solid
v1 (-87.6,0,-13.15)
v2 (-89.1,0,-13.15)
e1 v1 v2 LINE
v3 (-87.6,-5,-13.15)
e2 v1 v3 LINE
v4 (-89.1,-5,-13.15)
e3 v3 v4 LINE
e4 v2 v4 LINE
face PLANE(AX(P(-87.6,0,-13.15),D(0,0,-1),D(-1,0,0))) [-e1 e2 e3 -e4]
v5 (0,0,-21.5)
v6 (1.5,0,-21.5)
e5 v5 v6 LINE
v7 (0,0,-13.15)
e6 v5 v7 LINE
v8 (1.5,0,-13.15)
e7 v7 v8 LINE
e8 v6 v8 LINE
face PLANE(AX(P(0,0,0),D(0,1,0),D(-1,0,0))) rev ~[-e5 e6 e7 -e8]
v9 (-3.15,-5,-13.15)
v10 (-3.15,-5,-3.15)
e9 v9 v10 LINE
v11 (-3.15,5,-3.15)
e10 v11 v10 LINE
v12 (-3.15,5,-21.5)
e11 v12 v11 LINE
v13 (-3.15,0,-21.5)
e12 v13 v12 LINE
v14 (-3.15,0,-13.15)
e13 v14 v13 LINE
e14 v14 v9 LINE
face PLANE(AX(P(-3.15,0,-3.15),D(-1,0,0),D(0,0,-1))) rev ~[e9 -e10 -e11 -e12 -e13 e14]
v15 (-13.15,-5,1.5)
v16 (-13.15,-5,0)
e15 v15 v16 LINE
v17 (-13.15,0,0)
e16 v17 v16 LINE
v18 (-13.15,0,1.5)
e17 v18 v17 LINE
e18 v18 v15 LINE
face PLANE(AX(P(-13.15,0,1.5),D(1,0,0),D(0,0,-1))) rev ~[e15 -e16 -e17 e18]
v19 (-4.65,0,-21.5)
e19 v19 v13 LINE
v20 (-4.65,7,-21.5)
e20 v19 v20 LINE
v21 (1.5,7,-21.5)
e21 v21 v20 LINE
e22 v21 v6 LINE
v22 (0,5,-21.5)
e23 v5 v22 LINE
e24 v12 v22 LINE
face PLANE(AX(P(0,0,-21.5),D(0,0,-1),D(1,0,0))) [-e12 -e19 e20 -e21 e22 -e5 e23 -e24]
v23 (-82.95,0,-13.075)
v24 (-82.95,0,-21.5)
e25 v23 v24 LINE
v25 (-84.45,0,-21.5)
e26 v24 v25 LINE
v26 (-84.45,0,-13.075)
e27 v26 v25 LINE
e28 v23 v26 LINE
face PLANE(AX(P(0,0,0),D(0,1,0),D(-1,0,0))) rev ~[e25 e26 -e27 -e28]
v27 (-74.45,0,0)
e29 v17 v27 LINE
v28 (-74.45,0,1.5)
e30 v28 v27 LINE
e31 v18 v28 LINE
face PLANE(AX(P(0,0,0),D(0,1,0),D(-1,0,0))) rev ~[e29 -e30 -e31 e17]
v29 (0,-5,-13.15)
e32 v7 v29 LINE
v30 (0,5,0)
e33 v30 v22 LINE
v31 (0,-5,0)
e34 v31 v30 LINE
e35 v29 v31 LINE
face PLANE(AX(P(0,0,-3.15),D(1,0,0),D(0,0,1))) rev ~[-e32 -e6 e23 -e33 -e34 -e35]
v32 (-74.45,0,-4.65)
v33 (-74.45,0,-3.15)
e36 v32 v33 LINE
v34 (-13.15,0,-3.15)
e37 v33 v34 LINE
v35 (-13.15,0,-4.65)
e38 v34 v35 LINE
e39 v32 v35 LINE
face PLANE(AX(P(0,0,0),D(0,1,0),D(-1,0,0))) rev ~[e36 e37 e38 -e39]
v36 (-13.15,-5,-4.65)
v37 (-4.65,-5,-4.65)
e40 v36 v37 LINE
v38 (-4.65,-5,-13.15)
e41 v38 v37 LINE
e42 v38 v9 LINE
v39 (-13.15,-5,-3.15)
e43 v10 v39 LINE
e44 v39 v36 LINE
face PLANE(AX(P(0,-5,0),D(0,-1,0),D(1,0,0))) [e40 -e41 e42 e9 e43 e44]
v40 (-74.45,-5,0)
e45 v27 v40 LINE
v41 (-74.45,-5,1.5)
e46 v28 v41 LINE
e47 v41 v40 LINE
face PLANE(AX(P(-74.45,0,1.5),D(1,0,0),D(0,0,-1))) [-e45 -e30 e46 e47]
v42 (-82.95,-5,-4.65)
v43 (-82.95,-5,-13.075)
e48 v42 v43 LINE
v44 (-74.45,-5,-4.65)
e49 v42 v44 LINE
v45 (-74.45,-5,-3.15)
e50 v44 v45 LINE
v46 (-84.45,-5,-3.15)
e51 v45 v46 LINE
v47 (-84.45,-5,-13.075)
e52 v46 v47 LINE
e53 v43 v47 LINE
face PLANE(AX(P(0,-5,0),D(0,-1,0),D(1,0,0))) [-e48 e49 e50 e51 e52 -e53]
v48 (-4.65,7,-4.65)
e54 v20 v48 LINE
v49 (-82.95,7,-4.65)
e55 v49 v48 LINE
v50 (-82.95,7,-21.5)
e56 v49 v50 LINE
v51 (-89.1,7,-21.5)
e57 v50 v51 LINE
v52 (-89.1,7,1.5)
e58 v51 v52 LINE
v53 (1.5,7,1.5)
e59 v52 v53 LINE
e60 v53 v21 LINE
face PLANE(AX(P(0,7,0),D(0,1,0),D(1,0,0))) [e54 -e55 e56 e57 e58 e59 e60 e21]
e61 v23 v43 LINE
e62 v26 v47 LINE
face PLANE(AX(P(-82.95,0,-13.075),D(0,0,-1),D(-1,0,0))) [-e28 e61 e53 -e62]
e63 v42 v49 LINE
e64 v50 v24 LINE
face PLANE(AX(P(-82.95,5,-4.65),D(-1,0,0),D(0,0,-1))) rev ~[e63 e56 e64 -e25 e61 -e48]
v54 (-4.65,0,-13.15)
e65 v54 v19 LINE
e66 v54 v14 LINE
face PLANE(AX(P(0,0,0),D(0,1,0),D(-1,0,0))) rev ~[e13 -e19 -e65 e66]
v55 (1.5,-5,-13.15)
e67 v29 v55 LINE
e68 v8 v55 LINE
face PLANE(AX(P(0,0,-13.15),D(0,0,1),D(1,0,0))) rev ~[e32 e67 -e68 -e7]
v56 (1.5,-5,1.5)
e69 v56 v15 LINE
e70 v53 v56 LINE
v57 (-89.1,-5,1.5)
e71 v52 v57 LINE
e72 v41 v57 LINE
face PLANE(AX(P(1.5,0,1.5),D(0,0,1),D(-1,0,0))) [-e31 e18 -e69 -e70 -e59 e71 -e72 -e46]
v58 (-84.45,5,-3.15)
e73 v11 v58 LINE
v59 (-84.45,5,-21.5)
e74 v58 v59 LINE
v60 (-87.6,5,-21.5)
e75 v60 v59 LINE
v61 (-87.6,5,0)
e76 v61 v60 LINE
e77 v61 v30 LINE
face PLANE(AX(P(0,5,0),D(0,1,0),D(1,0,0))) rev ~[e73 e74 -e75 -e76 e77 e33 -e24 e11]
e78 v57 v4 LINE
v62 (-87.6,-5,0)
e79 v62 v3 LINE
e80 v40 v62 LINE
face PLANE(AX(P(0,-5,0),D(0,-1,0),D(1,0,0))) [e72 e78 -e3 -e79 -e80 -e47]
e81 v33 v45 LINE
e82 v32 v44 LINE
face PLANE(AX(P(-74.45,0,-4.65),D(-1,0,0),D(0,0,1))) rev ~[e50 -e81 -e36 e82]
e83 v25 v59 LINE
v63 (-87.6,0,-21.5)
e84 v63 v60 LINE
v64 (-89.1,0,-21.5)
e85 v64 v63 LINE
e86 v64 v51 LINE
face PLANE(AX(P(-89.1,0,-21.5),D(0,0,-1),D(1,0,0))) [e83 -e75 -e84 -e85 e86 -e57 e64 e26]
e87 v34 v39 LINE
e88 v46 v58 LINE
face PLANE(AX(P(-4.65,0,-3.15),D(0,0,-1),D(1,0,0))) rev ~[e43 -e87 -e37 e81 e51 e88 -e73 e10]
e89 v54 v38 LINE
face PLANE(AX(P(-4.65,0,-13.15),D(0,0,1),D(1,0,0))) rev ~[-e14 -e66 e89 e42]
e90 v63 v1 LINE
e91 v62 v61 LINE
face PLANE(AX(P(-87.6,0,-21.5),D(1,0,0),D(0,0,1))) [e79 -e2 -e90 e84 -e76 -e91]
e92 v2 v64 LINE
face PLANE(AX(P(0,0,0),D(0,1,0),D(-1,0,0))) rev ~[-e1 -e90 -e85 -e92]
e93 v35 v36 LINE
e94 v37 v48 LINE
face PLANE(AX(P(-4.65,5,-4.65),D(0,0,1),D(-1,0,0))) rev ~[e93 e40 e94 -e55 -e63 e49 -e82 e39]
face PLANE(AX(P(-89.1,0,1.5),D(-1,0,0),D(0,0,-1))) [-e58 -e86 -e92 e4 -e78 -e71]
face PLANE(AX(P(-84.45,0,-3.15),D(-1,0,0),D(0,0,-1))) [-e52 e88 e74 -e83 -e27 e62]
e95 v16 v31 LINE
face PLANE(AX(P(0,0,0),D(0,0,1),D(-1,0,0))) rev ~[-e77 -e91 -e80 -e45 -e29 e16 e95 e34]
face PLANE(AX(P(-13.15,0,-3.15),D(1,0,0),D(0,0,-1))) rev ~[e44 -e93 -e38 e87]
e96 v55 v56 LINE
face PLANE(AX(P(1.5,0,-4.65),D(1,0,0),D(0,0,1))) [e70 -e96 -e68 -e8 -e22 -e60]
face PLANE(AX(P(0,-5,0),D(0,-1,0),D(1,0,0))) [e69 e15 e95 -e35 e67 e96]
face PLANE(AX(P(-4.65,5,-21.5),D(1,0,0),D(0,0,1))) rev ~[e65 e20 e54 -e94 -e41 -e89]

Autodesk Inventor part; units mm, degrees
ref_plane "YZ Plane" through (0, 0, 0) normal (1, 0, 0) x (0, 1, 0)
ref_plane "XZ Plane" through (0, 0, 0) normal (0, 1, 0) x (-1, 0, 0)
ref_plane "XY Plane" through (0, 0, 0) normal (0, 0, 1) x (1, 0, 0)
sketch "Sketch1" plane through (0, 0, 0) normal (0, 1, 0) x (-1, 0, 0)
  line L0 (0, 0) -> (3.15, 0)
  line L1 (3.15, 0) -> (3.15, -20)
  line L2 (3.15, -20) -> (0, -20)
  line L3 (0, -20) -> (0, 0)
  line L4 (0, 0) -> (20, 0)
  line L5 (20, 0) -> (20, -3.15)
  line L6 (20, -3.15) -> (0, -3.15)
  line L7 (0, -3.15) -> (0, 0)
  line L8 (-1.5, 1.5) -> (4.65, 1.5)
  line L9 (4.65, 1.5) -> (4.65, -21.5)
  line L10 (4.65, -21.5) -> (-1.5, -21.5)
  line L11 (-1.5, -21.5) -> (-1.5, 1.5)
  line L12 (21.5, 1.5) -> (-1.5, 1.5)
  line L13 (-1.5, 1.5) -> (-1.5, -4.65)
  line L14 (-1.5, -4.65) -> (21.5, -4.65)
  line L15 (21.5, -4.65) -> (21.5, 1.5)
  line L16 (3.15, -20) -> (3.15, -21.5)
  line L17 (0, -20) -> (0, -21.5)
  line L18 (20, 0) -> (21.5, 0)
  line L19 (20, -3.15) -> (21.5, -3.15)
  line L20 (0, 0) -> (87.6, 0)
  line L21 (87.6, 0) -> (87.6, -3.15)
  line L22 (87.6, -3.15) -> (0, -3.15)
  line L23 (0, -3.15) -> (0, 0)
  line L24 (87.6, 0) -> (89.1, 0)
  line L25 (89.1, 0) -> (89.1, -21.5)
  line L26 (89.1, -21.5) -> (87.6, -21.5)
  line L27 (87.6, -21.5) -> (87.6, 0)
  line L28 (89.1, 0) -> (69.1, 0)
  line L29 (69.1, 0) -> (69.1, 1.5)
  line L30 (69.1, 1.5) -> (89.1, 1.5)
  line L31 (89.1, 1.5) -> (89.1, 0)
  line L32 (87.6, -3.15) -> (84.45, -3.15)
  line L33 (84.45, -3.15) -> (84.45, -21.5)
  line L34 (84.45, -21.5) -> (87.6, -21.5)
  line L35 (87.6, -21.5) -> (87.6, -3.15)
  line L36 (84.45, -3.15) -> (82.95, -3.15)
  line L37 (82.95, -3.15) -> (82.95, -21.5)
  line L38 (82.95, -21.5) -> (84.45, -21.5)
  line L39 (84.45, -21.5) -> (84.45, -3.15)
  line L40 (82.95, -3.15) -> (69.1, -3.15)
  line L41 (69.1, -3.15) -> (69.1, -4.65)
  line L42 (69.1, -4.65) -> (82.95, -4.65)
  line L43 (82.95, -4.65) -> (82.95, -3.15)
  line L44 (69.1, -4.65) -> (21.5, -4.65)
  line L45 (21.5, -4.65) -> (21.5, -3.15)
  line L46 (21.5, -3.15) -> (69.1, -3.15)
  line L47 (69.1, -3.15) -> (69.1, -4.65)
  line L48 (69.1, 1.5) -> (21.5, 1.5)
  line L49 (21.5, 1.5) -> (21.5, 0)
  line L50 (21.5, 0) -> (69.1, 0)
  line L51 (69.1, 0) -> (69.1, 1.5)
  point P0 (3.15, -3.15)
  point P1 (4.65, -4.65)
  point P2 (4.65, 1.5)
  point P3 (69.1, 0)
  point P4 (84.45, -3.15)
  point P5 (69.1, -3.15)
  point P6 (21.5, -4.65)
  point P7 (21.5, -3.15)
  dimension "d0" = 3.15
  dimension "d1" = 3.15
  dimension "d2" = 20
  dimension "d3" = 20
  dimension "d4" = 1.5
  dimension "d5" = 1.5
  dimension "d16" = 87.6
  dimension "d17" = 0
  dimension "d18" = 0
  dimension "d19" = 20
  dimension "d20" = 1.5
  dimension "d21" = 3.15
  dimension "d22" = 0
  dimension "d23" = 0
  dimension "d24" = 0
  dimension "d25" = 0
  dimension "d26" = 1.5
  dimension "d27" = 1.5
extrude "Extrusion1" add sketch "Sketch1" along normal blind 5 contours L3 L14 L11 L8 L9 L4 L0 | L6 L9 L14 L1 | L9 L12 L15 L18 L4 | L3 L17 L10 L11 L14 | L14 L9 L10 L16 L1 | L6 L19 L15 L14 L9 | L15 L48 L29 L20 | L15 L22 L41 L44 | L29 L30 L31 L24 L20 | L41 L22 L37 L42 | L24 L25 L26 L27 L21 | L37 L22 L33 L38
sketch "Sketch2" plane through (0, 5, 0) normal (0, 1, 0) x (1, 0, 0)
  line L0 (-3.15, 3.15) -> (-3.15, 21.5) projected
  line L1 (-3.15, 21.5) -> (-4.65, 21.5) projected
  line L2 (-4.65, 21.5) -> (-4.65, 4.65) projected
  line L3 (1.5, -1.5) -> (1.5, 21.5) projected
  line L4 (1.5, 21.5) -> (0, 21.5) projected
  line L5 (0, 21.5) -> (0, 0) projected
  line L6 (0, 0) -> (-21.5, 0) projected
  line L7 (-21.5, 0) -> (-21.5, 3)
  line L8 (-3.15, 3.15) -> (-3.15, 21.5) projected
  line L9 (-3.15, 21.5) -> (0, 21.5)
  line L10 (-89.1, 21.5) -> (-89.1, -1.5) projected
  line L11 (-82.95, 4.65) -> (-82.95, 21.5) projected
  line L12 (-89.1, -1.5) -> (-68.78, -1.5) projected
  line L13 (-68.78, 4.5) -> (-82.95, 4.5) projected
  line L14 (-87.6, 21.5) -> (-89.1, 21.5) projected
  line L15 (-89.1, 21.5) -> (-82.95, 21.5)
  line L16 (-82.95, 21.5) -> (-82.95, -1.5)
  line L17 (-82.95, -1.5) -> (-89.1, -1.5)
  line L18 (-89.1, -1.5) -> (-89.1, 21.5)
  line L19 (-68.78, -1.5) -> (-82.95, -1.5)
  line L20 (-82.95, -1.5) -> (-82.95, 4.65)
  line L21 (-82.95, 4.65) -> (-68.78, 4.65)
  line L22 (-68.78, 4.65) -> (-68.78, -1.5)
  line L23 (0, 0) -> (-87.6, 0) projected
  line L24 (-87.6, 0) -> (-87.6, 21.5) projected
  line L25 (-87.6, 21.5) -> (-89.1, 21.5) projected
  line L26 (-89.1, 21.5) -> (-89.1, -1.5) projected
  line L27 (-89.1, -1.5) -> (1.5, -1.5) projected
  line L28 (-84.45, 3.15) -> (-3.15, 3.15) projected
  line L29 (-4.65, 4.65) -> (-82.95, 4.65) projected
  line L30 (-82.95, 4.65) -> (-82.95, 21.5) projected
  line L31 (-82.95, 21.5) -> (-84.45, 21.5) projected
  line L32 (-84.45, 21.5) -> (-84.45, 3.15) projected
  point P0 (-82.95, 4.65)
  point P1 (-68.78, 4.65)
  dimension "d31" = 0
extrude "Extrusion2" add sketch "Sketch2" along normal blind 2
sketch "Sketch3" plane through (0, 0, 0) normal (0, -1, 0) x (1, 0, 0)
  line L0 (-4.65, -21.5) -> (-4.65, -4.65) projected
  line L1 (-3.15, -21.5) -> (-4.65, -21.5) projected
  line L2 (-3.15, -3.15) -> (-3.15, -21.5) projected
  line L3 (0, -21.5) -> (0, 0) projected
  line L4 (1.5, -21.5) -> (0, -21.5) projected
  line L5 (1.5, 1.5) -> (1.5, -21.5) projected
  line L6 (-21.5, -3) -> (-3.15, -3) projected
  line L7 (-4.65, -21.5) -> (-4.65, -4.65) projected
  line L8 (-3.15, -3.15) -> (-4.65, -3.15)
  line L9 (-4.65, -3.15) -> (-4.65, -13.15)
  line L10 (-4.65, -13.15) -> (-3.15, -13.15)
  line L11 (-3.15, -13.15) -> (-3.15, -3.15)
  line L12 (-3.15, -3.15) -> (-3.15, -21.5) projected
  line L13 (-3.15, -3.15) -> (-13.15, -3.15)
  line L14 (-13.15, -3.15) -> (-13.15, -4.65)
  line L15 (-13.15, -4.65) -> (-3.15, -4.65)
  line L16 (-3.15, -4.65) -> (-3.15, -3.15)
  line L17 (-21.5, 1.5) -> (1.5, 1.5) projected
  line L18 (0, -21.5) -> (0, 0) projected
  line L19 (1.5, 1.5) -> (0, 1.5)
  line L20 (0, 1.5) -> (0, -13.15)
  line L21 (0, -13.15) -> (1.5, -13.15)
  line L22 (1.5, -13.15) -> (1.5, 1.5)
  line L23 (1.5, 1.5) -> (-13.15, 1.5)
  line L24 (-13.15, 1.5) -> (-13.15, 0)
  line L25 (-13.15, 0) -> (1.5, 0)
  line L26 (1.5, 0) -> (1.5, 1.5)
  line L27 (-89.1, -21.5) -> (-89.1, 1.5) projected
  line L28 (0, 0) -> (-87.6, 0) projected
  line L29 (-89.1, 1.5) -> (-74.45, 1.5)
  line L30 (-74.45, 1.5) -> (-74.45, 0)
  line L31 (-74.45, 0) -> (-89.1, 0)
  line L32 (-89.1, 0) -> (-89.1, 1.5)
  line L33 (-89.1, 1.5) -> (-68.78, 1.5) projected
  line L34 (-89.1, 1.5) -> (-87.6, 1.5)
  line L35 (-87.6, 1.5) -> (-87.6, -13.15)
  line L36 (-87.6, -13.15) -> (-89.1, -13.15)
  line L37 (-89.1, -13.15) -> (-89.1, 1.5)
  line L38 (-84.45, -21.5) -> (-84.45, -3.15) projected
  line L39 (-74.45, -3.15) -> (-84.45, -3.15)
  line L40 (-84.45, -3.15) -> (-84.45, -4.65)
  line L41 (-84.45, -4.65) -> (-74.45, -4.65)
  line L42 (-74.45, -4.65) -> (-74.45, -3.15)
  line L43 (-84.45, -3.15) -> (-3.15, -3.15) projected
  line L44 (-82.95, -4.65) -> (-82.95, -21.5) projected
  line L45 (-84.45, -3.15) -> (-82.95, -3.15)
  line L46 (-82.95, -3.15) -> (-82.95, -13.075)
  line L47 (-82.95, -13.075) -> (-84.45, -13.075)
  line L48 (-84.45, -13.075) -> (-84.45, -3.15)
  line L49 (0, 0) -> (-87.6, 0) projected
  line L50 (-89.1, 1.5) -> (1.5, 1.5) projected
  line L51 (-89.1, -21.5) -> (-89.1, 1.5) projected
  line L52 (-87.6, -21.5) -> (-89.1, -21.5) projected
  line L53 (-87.6, 0) -> (-87.6, -21.5) projected
  line L54 (-84.45, -3.15) -> (-3.15, -3.15) projected
  line L55 (-84.45, -21.5) -> (-84.45, -3.15) projected
  line L56 (-82.95, -21.5) -> (-84.45, -21.5) projected
  line L57 (-82.95, -4.65) -> (-82.95, -21.5) projected
  line L58 (-4.65, -4.65) -> (-82.95, -4.65) projected
  point P0 (-3.15, -13.15)
  point P1 (-68.78, 0)
  point P2 (-68.78, -3)
  point P3 (1.5, 0)
  point P4 (-3.15, -4.65)
  point P5 (-4.65, -4.65)
  point P6 (-13, -3)
  point P7 (-4.65, -4.65)
  dimension "d10" = 10
  dimension "d11" = 10
  dimension "d12" = 14.65
  dimension "d13" = 14.65
  dimension "d28" = 14.65
  dimension "d29" = 14.65
  dimension "d30" = 10
  dimension "d32" = 0
  dimension "d33" = 0
extrude "Extrusion3" add sketch "Sketch3" along normal blind 5 contours L0 L15 L2 L10 | L15 L14 L13 L9 | L9 L8 L2 L15 | L41 L46 L39 L42 | L44 L47 L38 L41 | L41 L38 L39 L46 | L3 L25 L5 L21 | L25 L24 L17 L20 | L20 L17 L5 L25 | L28 L35 L29 L30 | L35 L36 L27 L31 | L31 L27 L29 L35
properties part number "Glass ConnectorV2"
